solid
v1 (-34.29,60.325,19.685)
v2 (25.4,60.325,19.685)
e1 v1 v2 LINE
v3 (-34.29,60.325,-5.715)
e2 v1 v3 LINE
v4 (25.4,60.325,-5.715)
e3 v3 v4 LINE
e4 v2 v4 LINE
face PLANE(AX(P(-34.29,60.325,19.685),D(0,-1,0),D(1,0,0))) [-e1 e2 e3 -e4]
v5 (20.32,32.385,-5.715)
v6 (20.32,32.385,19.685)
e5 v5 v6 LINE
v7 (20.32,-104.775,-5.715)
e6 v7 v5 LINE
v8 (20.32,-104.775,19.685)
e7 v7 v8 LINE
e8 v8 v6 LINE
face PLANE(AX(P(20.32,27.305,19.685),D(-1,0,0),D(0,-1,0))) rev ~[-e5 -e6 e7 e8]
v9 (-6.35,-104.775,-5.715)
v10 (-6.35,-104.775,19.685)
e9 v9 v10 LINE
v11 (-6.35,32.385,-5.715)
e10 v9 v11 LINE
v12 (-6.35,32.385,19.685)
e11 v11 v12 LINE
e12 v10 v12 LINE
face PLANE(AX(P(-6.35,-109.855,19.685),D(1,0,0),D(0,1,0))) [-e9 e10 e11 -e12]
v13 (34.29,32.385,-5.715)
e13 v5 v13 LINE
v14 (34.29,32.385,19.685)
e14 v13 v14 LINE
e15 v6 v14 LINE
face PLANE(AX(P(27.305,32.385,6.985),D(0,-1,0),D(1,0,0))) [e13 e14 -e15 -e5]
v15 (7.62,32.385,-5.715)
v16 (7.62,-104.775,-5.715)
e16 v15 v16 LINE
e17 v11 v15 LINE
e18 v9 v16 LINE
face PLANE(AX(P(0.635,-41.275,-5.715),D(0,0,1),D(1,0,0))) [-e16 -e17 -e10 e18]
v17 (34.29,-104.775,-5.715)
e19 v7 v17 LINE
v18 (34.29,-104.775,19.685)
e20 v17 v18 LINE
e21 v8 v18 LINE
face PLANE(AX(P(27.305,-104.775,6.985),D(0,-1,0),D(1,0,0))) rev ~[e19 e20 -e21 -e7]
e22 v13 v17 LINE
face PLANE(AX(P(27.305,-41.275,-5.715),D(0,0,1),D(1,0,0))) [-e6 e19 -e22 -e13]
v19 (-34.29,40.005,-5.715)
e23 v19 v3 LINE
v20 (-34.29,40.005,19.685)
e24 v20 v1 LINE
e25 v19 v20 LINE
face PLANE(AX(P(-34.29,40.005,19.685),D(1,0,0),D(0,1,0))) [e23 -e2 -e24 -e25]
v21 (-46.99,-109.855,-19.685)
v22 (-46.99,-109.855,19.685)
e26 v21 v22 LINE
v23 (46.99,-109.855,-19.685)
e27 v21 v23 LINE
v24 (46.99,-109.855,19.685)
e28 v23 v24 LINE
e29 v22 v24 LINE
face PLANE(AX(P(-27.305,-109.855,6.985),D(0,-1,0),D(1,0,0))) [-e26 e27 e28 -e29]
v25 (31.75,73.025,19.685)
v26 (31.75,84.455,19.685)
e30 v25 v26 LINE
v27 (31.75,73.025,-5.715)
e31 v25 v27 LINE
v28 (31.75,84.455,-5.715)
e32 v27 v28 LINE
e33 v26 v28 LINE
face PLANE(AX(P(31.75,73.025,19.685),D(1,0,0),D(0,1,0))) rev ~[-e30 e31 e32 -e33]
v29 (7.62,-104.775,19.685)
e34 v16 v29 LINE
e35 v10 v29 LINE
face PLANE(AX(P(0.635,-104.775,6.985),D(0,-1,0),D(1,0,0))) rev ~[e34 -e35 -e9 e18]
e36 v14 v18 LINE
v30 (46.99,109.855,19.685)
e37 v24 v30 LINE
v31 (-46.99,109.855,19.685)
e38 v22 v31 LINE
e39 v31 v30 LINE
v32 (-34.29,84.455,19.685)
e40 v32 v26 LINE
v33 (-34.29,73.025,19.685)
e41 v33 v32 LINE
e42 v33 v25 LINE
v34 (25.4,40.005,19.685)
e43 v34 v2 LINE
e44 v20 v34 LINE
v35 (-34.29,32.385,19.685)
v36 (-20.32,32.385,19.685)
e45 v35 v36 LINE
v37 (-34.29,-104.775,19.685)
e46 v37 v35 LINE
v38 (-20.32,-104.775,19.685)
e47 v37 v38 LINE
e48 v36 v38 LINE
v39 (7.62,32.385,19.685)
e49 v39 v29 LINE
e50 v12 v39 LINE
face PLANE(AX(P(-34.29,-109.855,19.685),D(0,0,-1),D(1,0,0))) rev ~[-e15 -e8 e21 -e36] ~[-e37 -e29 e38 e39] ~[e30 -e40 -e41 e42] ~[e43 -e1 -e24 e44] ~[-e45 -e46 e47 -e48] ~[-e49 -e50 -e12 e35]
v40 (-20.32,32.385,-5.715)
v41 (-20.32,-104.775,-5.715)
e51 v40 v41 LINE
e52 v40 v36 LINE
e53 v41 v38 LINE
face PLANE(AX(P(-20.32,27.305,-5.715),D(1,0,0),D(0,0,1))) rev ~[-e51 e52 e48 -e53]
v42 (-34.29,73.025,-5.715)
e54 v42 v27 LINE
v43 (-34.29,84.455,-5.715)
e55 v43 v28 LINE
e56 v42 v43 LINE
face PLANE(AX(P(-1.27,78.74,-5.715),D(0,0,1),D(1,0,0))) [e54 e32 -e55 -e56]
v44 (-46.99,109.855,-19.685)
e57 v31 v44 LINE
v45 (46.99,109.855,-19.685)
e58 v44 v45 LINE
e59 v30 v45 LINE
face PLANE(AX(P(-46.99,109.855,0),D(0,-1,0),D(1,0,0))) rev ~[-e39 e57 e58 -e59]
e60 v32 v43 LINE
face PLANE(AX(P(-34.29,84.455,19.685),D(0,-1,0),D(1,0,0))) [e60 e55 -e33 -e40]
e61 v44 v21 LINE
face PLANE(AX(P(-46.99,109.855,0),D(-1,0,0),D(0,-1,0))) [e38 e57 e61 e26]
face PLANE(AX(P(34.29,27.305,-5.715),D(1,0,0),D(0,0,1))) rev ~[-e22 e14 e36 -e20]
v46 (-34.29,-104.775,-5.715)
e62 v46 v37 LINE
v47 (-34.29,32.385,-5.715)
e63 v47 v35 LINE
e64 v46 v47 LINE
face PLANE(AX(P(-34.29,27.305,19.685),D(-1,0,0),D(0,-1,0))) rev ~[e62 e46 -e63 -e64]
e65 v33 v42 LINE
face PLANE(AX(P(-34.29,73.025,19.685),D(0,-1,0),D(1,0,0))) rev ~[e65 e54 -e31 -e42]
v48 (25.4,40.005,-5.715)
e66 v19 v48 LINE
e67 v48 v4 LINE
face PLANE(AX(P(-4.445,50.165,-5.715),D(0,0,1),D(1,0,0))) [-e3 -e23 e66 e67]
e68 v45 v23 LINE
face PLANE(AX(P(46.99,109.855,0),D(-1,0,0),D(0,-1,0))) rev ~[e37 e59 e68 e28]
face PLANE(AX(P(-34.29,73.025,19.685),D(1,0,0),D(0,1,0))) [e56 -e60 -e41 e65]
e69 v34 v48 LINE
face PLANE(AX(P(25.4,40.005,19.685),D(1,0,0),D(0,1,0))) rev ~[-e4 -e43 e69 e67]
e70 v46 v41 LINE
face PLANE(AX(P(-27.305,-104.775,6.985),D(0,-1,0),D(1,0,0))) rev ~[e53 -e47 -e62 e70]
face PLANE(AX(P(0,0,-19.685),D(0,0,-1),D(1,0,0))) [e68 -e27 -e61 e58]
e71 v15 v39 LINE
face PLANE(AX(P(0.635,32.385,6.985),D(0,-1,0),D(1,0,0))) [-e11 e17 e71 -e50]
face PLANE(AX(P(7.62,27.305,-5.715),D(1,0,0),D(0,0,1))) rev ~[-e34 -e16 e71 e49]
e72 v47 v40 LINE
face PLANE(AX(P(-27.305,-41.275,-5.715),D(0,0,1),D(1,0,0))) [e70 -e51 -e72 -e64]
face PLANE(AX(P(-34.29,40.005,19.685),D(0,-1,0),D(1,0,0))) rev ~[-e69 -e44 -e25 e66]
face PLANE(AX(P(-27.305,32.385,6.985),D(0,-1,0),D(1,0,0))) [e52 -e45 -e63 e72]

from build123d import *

# Parameters (mm, degrees)
F0_W      = 93.98
F0_H      = 219.71
F1_DEPTH  = 19.685
F1_FACE_W = 93.98
F1_FACE_H = 219.71
F2_DEPTH  = 19.685
F3_W      = 13.97
F3_H      = 137.16
F3_W_2    = 59.69
F3_H_2    = 20.32
F3_W_3    = 66.04
F3_H_3    = 11.43
F4_DEPTH  = 25.4
F5_DEPTH  = 6.35
F6_W      = 13.97
F6_H      = 137.16
F7_DEPTH  = 7.62
F8_DEPTH  = 12.7
F9_W      = 13.97
F9_H      = 25.4
F10_DEPTH = 5.08
F8_FACE_W = 13.97
F8_FACE_H = 25.4
F11_DEPTH = 5.08


with BuildPart() as f1:
    # F0 (on Top) → F1 (new body)
    with BuildSketch(Plane.XY):
        Rectangle(F0_W, F0_H)
    extrude(amount=F1_DEPTH)

    # F1_face (on face) → F2 (join)
    with BuildSketch(Plane(origin=(0, 0, 0), x_dir=(1, 0, 0), z_dir=(0, 0, -1))):
        Rectangle(F1_FACE_W, F1_FACE_H)
    extrude(amount=F2_DEPTH)

    # F3 (on face) → F4 (cut)
    with BuildSketch(Plane.XY.offset(19.685)):
        Polygon((-34.29, -97.155), (-34.29, -109.855), (-20.32, -109.855), (-20.32, 27.305), (-34.29, 27.305), align=None)
        Polygon((20.32, -109.855), (34.29, -109.855), (34.29, -97.155), (34.29, 27.305), (20.32, 27.305), align=None)
        with Locations((0.635, -41.275)):
            Rectangle(F3_W, F3_H)
        with Locations((-4.445, 50.165)):
            Rectangle(F3_W_2, F3_H_2)
        with Locations((-1.27, 78.74)):
            Rectangle(F3_W_3, F3_H_3)
    extrude(amount=-F4_DEPTH, mode=Mode.SUBTRACT)

    # F3 (on face) → F5 (cut)
    with BuildSketch(Plane.XY.offset(19.685)):
        with Locations((-4.445, 50.165)):
            Rectangle(F3_W_2, F3_H_2)
    extrude(amount=-F5_DEPTH, mode=Mode.SUBTRACT)

    # F6 (on face) → F7 (join)
    with BuildSketch(Plane.XY.offset(19.685)):
        with Locations((-27.305, -41.275)):
            Rectangle(F6_W, F6_H)
        with Locations((0.635, -41.275)):
            Rectangle(F6_W, F6_H)
        with Locations((27.305, -41.275)):
            Rectangle(F6_W, F6_H)
    extrude(amount=-F7_DEPTH)

    # F3 (on face) → F8 (cut)
    with BuildSketch(Plane.XY.offset(19.685)):
        Polygon((20.32, -109.855), (34.29, -109.855), (34.29, -97.155), (34.29, 27.305), (20.32, 27.305), align=None)
        with Locations((0.635, -41.275)):
            Rectangle(F3_W, F3_H)
        Polygon((-34.29, -97.155), (-34.29, -109.855), (-20.32, -109.855), (-20.32, 27.305), (-34.29, 27.305), align=None)
    extrude(amount=-F8_DEPTH, mode=Mode.SUBTRACT)

    # F9 (on face) → F10 (join)
    with BuildSketch(Plane.XZ.offset(109.855)):
        with Locations((-27.305, 6.985)):
            Rectangle(F9_W, F9_H)
        with Locations((0.635, 6.985)):
            Rectangle(F9_W, F9_H)
        with Locations((27.305, 6.985)):
            Rectangle(F9_W, F9_H)
    extrude(amount=-F10_DEPTH)

    # F8_face (on face) → F11 (cut)
    with BuildSketch(Plane(origin=(-27.305, 27.305, 6.985), x_dir=(1, 0, 0), z_dir=(0, -1, 0))):
        Rectangle(F8_FACE_W, F8_FACE_H)
        with Locations((27.94, 0)):
            Rectangle(F8_FACE_W, F8_FACE_H)
        with Locations((54.61, 0)):
            Rectangle(F8_FACE_W, F8_FACE_H)
    extrude(amount=-F11_DEPTH, mode=Mode.SUBTRACT)


solid = f1.part
